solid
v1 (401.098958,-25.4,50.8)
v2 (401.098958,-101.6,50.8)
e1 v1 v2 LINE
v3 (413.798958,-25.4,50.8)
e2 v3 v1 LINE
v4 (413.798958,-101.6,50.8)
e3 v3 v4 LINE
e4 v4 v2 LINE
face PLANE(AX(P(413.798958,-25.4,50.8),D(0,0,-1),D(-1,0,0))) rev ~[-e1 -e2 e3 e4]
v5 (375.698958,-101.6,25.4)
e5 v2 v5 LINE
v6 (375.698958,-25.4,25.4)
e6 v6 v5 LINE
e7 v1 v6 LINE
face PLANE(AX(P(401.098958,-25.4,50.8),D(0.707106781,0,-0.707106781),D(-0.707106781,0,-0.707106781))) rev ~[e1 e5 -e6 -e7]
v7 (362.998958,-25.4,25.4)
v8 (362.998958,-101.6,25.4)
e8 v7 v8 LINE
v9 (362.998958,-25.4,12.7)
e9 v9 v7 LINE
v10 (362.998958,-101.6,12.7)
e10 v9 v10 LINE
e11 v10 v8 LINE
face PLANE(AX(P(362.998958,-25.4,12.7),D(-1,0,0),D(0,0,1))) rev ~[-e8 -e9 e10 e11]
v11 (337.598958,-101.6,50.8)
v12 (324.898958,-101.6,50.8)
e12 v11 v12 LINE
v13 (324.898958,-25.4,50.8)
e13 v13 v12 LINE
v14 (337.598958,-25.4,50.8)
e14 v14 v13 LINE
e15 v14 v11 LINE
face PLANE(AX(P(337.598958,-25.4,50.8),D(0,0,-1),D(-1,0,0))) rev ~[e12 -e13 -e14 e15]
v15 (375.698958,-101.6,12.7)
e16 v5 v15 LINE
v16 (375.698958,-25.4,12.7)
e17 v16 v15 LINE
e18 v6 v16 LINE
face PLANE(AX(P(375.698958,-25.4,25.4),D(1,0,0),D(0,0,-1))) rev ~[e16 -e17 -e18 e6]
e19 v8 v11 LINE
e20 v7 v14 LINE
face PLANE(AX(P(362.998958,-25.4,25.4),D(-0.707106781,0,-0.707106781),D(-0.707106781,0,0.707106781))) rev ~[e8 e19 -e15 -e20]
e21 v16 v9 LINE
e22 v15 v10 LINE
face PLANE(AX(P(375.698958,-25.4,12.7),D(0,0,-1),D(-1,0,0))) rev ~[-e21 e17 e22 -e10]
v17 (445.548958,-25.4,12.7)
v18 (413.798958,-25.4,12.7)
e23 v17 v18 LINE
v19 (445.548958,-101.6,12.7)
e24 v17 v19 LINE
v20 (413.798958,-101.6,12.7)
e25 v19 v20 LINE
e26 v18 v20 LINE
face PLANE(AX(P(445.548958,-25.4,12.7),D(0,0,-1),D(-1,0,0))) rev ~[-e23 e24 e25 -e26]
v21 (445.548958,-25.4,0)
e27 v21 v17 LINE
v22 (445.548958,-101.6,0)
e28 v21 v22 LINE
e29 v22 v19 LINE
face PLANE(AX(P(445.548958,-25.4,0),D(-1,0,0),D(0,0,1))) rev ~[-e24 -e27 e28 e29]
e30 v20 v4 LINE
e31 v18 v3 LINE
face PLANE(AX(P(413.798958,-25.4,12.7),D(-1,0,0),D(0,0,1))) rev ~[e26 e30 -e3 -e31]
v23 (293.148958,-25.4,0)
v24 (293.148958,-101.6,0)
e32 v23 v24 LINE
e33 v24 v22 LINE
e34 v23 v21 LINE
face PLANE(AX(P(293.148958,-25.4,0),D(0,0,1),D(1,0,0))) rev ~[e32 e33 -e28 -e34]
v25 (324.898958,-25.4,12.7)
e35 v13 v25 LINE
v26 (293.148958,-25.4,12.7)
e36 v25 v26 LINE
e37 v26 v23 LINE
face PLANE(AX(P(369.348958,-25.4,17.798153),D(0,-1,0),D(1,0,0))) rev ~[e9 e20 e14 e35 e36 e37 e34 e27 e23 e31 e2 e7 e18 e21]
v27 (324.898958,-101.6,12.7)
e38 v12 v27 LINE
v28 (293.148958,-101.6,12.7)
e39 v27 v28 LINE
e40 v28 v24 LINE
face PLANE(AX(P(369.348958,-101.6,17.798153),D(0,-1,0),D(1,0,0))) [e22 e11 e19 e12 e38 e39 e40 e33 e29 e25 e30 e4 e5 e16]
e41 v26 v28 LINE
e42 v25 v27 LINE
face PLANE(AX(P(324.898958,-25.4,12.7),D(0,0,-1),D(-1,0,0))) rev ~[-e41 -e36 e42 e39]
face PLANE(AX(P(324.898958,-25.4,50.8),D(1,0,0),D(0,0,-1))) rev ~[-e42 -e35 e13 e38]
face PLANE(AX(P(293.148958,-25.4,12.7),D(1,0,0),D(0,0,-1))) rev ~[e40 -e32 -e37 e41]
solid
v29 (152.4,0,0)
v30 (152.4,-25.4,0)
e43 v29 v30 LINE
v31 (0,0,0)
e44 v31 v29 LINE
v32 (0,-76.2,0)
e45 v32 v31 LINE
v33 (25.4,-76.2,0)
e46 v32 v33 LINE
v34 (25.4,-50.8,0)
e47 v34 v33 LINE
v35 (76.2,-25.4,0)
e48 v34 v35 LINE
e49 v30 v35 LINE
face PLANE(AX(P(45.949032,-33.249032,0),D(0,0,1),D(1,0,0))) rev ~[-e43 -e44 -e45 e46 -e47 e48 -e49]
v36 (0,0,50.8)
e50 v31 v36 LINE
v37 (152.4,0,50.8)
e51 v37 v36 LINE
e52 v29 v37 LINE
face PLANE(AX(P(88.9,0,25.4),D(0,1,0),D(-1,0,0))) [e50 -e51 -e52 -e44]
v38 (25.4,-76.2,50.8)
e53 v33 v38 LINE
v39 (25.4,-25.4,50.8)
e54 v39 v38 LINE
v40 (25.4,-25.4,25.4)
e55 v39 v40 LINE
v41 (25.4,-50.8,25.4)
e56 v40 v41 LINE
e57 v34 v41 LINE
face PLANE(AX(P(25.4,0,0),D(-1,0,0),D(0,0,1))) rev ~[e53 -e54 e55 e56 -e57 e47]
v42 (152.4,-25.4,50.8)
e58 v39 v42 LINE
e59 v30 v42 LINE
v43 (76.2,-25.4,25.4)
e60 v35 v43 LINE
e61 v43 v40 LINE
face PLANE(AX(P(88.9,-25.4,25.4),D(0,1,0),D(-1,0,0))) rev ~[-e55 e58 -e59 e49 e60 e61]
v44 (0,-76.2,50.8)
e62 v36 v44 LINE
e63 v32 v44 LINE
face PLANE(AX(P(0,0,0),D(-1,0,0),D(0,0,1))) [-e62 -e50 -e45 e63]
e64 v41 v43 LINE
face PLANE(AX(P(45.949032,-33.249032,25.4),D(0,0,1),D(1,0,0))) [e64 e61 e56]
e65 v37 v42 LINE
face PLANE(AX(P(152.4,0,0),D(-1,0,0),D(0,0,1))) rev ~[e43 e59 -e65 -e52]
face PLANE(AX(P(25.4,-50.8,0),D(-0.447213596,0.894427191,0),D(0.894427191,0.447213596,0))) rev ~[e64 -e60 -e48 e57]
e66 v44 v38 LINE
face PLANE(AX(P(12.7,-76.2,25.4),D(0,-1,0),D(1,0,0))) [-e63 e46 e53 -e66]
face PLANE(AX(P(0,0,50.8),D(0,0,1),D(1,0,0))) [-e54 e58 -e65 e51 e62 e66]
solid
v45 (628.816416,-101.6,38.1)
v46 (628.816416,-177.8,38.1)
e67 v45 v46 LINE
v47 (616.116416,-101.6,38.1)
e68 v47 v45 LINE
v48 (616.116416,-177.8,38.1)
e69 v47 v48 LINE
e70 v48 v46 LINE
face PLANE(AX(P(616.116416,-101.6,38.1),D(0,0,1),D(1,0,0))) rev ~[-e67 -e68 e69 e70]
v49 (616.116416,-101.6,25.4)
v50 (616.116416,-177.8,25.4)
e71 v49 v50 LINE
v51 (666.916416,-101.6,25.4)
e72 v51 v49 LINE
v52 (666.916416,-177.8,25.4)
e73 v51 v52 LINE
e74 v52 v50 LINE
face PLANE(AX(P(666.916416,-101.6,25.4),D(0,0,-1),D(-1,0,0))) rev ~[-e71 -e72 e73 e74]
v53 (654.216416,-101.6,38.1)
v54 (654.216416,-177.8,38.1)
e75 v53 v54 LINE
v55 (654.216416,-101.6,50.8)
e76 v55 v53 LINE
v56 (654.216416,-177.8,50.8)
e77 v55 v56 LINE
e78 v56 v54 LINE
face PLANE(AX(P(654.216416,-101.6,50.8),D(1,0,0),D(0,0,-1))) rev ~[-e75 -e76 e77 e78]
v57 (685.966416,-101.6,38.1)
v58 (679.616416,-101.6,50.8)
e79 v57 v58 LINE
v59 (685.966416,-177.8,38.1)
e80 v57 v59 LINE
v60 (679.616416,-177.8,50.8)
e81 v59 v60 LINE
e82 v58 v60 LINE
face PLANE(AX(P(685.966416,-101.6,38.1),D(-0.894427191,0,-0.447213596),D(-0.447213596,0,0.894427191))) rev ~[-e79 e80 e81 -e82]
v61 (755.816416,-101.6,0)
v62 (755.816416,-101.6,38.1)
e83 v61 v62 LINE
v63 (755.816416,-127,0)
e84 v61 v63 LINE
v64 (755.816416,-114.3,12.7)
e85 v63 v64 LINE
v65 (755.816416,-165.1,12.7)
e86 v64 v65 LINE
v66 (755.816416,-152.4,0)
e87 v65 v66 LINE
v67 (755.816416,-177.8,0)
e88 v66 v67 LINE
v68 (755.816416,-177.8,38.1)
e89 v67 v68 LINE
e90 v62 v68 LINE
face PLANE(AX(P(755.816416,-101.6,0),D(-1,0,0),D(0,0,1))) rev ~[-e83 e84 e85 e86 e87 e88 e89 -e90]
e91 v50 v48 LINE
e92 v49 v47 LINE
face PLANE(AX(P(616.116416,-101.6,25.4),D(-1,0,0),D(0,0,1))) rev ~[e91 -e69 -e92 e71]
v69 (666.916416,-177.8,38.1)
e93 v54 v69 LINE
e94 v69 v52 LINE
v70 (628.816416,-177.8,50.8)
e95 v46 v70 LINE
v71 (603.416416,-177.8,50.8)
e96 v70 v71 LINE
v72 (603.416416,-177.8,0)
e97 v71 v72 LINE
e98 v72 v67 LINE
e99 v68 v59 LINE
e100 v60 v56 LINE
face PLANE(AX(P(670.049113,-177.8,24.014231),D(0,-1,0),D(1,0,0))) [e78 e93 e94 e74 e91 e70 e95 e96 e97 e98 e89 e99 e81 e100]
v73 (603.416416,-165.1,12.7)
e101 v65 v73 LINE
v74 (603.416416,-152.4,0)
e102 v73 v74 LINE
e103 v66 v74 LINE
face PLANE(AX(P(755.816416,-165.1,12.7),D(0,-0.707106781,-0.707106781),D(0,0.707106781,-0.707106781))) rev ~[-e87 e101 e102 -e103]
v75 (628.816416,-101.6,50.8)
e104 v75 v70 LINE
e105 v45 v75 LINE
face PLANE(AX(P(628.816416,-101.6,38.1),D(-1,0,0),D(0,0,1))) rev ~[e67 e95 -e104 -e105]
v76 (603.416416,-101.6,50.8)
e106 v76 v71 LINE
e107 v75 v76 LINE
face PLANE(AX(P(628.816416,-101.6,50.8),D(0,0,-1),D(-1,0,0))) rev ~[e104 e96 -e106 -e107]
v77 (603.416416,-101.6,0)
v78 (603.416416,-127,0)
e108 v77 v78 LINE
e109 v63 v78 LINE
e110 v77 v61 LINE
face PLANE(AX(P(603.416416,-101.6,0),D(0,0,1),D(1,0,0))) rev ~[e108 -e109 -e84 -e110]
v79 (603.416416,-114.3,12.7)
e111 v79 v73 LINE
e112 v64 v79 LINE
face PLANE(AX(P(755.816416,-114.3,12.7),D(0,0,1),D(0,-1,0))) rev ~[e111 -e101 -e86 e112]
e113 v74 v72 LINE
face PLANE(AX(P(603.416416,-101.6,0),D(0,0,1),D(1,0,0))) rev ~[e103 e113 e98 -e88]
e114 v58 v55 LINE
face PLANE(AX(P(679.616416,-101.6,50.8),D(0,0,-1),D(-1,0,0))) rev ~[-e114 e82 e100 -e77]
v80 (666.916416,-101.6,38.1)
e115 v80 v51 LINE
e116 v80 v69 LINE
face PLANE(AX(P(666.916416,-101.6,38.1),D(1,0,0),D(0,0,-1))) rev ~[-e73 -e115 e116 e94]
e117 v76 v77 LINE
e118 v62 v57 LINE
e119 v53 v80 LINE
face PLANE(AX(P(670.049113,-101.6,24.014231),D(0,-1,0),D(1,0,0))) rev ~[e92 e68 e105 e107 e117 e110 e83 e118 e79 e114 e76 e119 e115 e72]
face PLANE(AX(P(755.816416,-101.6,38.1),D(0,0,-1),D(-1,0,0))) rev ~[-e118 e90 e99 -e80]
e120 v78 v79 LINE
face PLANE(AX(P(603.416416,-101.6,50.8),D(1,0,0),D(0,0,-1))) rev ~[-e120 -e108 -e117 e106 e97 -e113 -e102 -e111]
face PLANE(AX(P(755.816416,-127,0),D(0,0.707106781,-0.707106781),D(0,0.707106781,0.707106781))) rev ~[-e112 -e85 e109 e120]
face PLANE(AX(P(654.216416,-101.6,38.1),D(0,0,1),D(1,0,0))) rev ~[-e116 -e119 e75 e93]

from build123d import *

# Parameters (mm, degrees)
F0_W      = 25.4
F0_H      = 50.8
F1_DEPTH  = 76.2
F2_W      = 127
F2_H      = 50.8
F2_W_2    = 25.4
F3_DEPTH  = 25.4
F5_DEPTH  = 25.4
F7_DEPTH  = 76.2
F9_DEPTH  = 76.2
F11_DEPTH = 152.4


with BuildPart() as f1:
    # F0 (on Front) → F1 (new body)
    with BuildSketch(Plane.XZ):
        with Locations((12.7, 25.4)):
            Rectangle(F0_W, F0_H)
    extrude(amount=F1_DEPTH)

    # F2 (on face) → F3 (join)
    with BuildSketch(Plane(origin=(0, 0, 0), x_dir=(-1, 0, 0), z_dir=(0, 1, 0))):
        with Locations((-88.9, 25.4)):
            Rectangle(F2_W, F2_H)
        with Locations((-12.7, 25.4)):
            Rectangle(F2_W_2, F2_H)
    extrude(amount=-F3_DEPTH)

    # F4 (on Top) → F5 (join)
    with BuildSketch(Plane.XY):
        Polygon((76.2, -25.4), (25.4, -25.4), (25.4, -50.8), align=None)
    extrude(amount=F5_DEPTH)


with BuildPart() as f7:
    # F6 (on face) → F7 (new body)
    with BuildSketch(Plane.XZ.offset(25.4)):
        Polygon((293.148958, 12.7), (293.148958, 0), (445.548958, 0), (445.548958, 12.7), (413.798958, 12.7), (413.798958, 50.8), (401.098958, 50.8), (375.698958, 25.4), (375.698958, 12.7), (362.998958, 12.7), (362.998958, 25.4), (337.598958, 50.8), (324.898958, 50.8), (324.898958, 12.7), align=None)
    extrude(amount=F7_DEPTH)


with BuildPart() as f9:
    # F8 (on face) → F9 (new body)
    with BuildSketch(Plane.XZ.offset(101.6)):
        Polygon((603.416416, 50.8), (603.416416, 0), (755.816416, 0), (755.816416, 38.1), (685.966416, 38.1), (679.616416, 50.8), (654.216416, 50.8), (654.216416, 38.1), (666.916416, 38.1), (666.916416, 25.4), (616.116416, 25.4), (616.116416, 38.1), (628.816416, 38.1), (628.816416, 50.8), align=None)
    extrude(amount=F9_DEPTH)

    # F10 (on face) → F11 (cut)
    with BuildSketch(Plane.YZ.offset(755.816416)):
        Polygon((-165.1, 12.7), (-152.4, 0), (-127, 0), (-114.3, 12.7), (-139.7, 12.7), align=None)
    extrude(amount=-F11_DEPTH, mode=Mode.SUBTRACT)


solid = Compound([f1.part, f7.part, f9.part])
